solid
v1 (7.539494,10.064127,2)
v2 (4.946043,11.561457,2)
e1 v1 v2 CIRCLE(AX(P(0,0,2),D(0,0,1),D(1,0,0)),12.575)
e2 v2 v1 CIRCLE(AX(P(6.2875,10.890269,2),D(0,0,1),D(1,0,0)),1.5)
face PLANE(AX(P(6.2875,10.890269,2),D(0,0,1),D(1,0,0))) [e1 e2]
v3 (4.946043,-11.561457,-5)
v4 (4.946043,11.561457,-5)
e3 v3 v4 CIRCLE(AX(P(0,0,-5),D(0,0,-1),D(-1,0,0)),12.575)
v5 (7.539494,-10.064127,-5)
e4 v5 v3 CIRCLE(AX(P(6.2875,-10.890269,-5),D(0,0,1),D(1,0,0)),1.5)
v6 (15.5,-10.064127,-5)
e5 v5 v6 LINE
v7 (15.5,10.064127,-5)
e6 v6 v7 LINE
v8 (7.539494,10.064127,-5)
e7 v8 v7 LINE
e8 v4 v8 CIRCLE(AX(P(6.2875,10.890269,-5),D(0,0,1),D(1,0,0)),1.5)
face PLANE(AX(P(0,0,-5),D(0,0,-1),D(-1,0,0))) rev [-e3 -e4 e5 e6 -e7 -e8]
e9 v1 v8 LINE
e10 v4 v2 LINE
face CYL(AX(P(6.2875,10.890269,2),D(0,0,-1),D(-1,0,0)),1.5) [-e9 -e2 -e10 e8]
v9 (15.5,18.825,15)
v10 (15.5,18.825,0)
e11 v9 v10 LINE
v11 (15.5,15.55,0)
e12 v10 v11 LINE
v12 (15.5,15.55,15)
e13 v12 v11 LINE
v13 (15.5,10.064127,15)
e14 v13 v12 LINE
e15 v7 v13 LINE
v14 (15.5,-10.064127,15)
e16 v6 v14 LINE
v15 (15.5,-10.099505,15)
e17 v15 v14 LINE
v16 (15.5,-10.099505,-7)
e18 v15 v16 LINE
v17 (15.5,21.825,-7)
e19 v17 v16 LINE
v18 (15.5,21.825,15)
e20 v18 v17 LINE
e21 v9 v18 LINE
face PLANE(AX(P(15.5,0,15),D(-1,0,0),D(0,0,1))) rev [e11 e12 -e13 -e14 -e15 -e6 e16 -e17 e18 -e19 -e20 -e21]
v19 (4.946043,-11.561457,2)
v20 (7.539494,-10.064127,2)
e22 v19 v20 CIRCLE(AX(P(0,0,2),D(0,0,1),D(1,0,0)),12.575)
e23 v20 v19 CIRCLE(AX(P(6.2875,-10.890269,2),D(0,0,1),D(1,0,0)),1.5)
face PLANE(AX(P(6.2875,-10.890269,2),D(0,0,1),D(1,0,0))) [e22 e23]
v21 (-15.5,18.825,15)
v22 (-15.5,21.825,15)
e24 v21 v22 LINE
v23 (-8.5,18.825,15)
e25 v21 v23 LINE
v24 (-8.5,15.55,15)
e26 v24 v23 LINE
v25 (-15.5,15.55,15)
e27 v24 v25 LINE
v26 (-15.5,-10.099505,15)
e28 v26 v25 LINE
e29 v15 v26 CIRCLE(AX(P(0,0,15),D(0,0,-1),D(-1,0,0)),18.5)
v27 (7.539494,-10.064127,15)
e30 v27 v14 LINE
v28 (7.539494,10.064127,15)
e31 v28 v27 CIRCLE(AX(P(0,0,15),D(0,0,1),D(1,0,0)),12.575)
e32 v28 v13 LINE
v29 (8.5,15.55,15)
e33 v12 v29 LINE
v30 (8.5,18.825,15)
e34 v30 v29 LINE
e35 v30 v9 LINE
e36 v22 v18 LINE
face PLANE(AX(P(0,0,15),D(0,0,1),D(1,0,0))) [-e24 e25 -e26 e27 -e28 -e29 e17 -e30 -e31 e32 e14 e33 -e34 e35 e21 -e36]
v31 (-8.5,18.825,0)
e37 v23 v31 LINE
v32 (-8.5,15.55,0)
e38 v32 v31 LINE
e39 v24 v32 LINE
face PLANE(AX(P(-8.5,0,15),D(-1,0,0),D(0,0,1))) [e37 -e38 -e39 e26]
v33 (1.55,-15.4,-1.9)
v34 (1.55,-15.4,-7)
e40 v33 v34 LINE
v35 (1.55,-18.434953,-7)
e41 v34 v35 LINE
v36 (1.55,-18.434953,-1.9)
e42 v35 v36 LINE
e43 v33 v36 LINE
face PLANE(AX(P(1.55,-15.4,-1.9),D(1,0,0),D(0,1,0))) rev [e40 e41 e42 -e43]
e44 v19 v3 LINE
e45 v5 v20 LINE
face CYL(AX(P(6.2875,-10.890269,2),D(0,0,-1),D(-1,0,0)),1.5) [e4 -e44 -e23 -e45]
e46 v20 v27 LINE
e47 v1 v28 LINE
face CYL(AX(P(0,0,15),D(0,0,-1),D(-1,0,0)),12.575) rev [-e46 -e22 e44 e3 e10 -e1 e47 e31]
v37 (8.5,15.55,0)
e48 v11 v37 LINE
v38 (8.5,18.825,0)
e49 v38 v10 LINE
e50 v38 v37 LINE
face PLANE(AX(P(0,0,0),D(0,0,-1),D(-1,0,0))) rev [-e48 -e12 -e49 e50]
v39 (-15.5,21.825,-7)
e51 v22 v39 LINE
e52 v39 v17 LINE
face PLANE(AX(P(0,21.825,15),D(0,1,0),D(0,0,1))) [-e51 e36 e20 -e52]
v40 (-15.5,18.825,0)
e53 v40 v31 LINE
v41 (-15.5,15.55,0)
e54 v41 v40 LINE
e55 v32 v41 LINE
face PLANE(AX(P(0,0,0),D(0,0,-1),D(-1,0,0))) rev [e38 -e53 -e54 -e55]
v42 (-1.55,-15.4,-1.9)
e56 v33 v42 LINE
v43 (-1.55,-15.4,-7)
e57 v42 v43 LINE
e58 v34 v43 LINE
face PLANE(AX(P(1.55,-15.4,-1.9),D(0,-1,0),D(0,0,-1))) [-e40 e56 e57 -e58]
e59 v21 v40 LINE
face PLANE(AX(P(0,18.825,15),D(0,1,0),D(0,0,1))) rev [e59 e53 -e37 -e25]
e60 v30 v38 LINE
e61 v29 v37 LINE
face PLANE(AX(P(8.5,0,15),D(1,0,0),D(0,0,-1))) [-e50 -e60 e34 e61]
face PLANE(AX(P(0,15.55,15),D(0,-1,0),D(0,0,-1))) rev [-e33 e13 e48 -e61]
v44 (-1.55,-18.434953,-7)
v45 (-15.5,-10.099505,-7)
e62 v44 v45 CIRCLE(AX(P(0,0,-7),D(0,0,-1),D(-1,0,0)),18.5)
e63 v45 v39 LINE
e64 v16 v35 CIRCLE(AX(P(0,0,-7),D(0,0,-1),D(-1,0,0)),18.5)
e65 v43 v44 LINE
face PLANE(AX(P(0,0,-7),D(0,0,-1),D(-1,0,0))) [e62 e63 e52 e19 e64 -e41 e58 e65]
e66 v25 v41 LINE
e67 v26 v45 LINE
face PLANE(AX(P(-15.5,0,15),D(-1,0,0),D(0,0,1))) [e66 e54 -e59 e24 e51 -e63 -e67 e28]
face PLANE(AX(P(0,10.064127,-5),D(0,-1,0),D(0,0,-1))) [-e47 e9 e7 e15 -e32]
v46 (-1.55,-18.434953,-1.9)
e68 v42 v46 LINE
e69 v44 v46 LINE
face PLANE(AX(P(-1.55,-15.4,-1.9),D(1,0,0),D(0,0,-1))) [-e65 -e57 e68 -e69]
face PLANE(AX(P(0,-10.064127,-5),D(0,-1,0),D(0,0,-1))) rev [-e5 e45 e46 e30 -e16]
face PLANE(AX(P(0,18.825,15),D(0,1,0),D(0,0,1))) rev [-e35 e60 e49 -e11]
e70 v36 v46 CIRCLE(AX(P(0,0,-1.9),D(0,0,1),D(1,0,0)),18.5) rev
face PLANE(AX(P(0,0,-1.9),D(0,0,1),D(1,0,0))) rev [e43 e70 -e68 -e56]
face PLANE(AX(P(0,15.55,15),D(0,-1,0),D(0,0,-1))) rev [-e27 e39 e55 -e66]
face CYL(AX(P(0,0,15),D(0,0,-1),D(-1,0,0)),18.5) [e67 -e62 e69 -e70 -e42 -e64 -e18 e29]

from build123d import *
from build123d.topology import SkipClean

# Parameters (mm, degrees)
SKETCH1_R           = 12.575
BOSS_EXTRUDE1_DEPTH = 15
BOSS_EXTRUDE2_START = 7
SKETCH2_R           = 12.575
BOSS_EXTRUDE2_DEPTH = 7
SKETCH3_R           = 12.575
BOSS_EXTRUDE3_DEPTH = 2
BOSS_EXTRUDE4_DEPTH = 22
SKETCH5_W           = 3.1
SKETCH5_H           = 3.1
CUT_EXTRUDE1_DEPTH  = 5.1
SKETCH7_R           = 1.5
BOSS_EXTRUDE5_DEPTH = 7
CUT_EXTRUDE2_START  = -20
CUT_EXTRUDE2_DEPTH  = 20


with BuildPart() as part:
    # Sketch1 → Boss-Extrude1 (new body)
    with BuildSketch(Plane.XY):
        with BuildLine():
            ThreePointArc((-15.5, 0), (0, -15.5), (15.5, 0))
            Line((15.5, 0), (15.5, 15.55))
            Line((15.5, 15.55), (8.5, 15.55))
            Line((8.5, 15.55), (8.5, 18.825))
            Line((8.5, 18.825), (15.5, 18.825))
            Line((15.5, 18.825), (15.5, 21.825))
            Line((15.5, 21.825), (-15.5, 21.825))
            Line((-15.5, 21.825), (-15.5, 18.825))
            Line((-15.5, 18.825), (-8.5, 18.825))
            Line((-8.5, 18.825), (-8.5, 15.55))
            Line((-8.5, 15.55), (-15.5, 15.55))
            Line((-15.5, 15.55), (-15.5, 0))
        make_face()
        Circle(SKETCH1_R, mode=Mode.SUBTRACT)
    extrude(amount=BOSS_EXTRUDE1_DEPTH)

    # Sketch2 → Boss-Extrude2 (add)
    with SkipClean():  # the faces are left unmerged after this step: merging them gives an invalid solid
        with BuildSketch(Plane(origin=(0, 0, 0), x_dir=(-1, 0, 0), z_dir=(0, 0, -1)).offset(BOSS_EXTRUDE2_START)):
            with BuildLine():
                ThreePointArc((-15.5, 0), (0, -15.5), (15.5, 0))
                Line((15.5, 0), (15.5, 21.825))
                Line((15.5, 21.825), (-15.5, 21.825))
                Line((-15.5, 21.825), (-15.5, 0))
            make_face()
            Circle(SKETCH2_R, mode=Mode.SUBTRACT)
        extrude(amount=-BOSS_EXTRUDE2_DEPTH)

    # Sketch3 → Boss-Extrude3 (add)
    with SkipClean():  # the faces are left unmerged after this step: merging them gives an invalid solid
        with BuildSketch(Plane(origin=(0, 0, -7), x_dir=(-1, 0, 0), z_dir=(0, 0, -1))):
            Circle(SKETCH3_R)
        extrude(amount=-BOSS_EXTRUDE3_DEPTH)

    # Sketch4 → Boss-Extrude4 (add)
    with SkipClean():  # the faces are left unmerged after this step: merging them gives an invalid solid
        with BuildSketch(Plane(origin=(0, 0, -7), x_dir=(-1, 0, 0), z_dir=(0, 0, -1))):
            with BuildLine():
                Line((15.5, -10.099504938), (15.5, 0))
                ThreePointArc((15.5, 0), (0, -15.5), (-15.5, 0))
                Line((-15.5, 0), (-15.5, -10.099504938))
                ThreePointArc((-15.5, -10.099504938), (0, -18.5), (15.5, -10.099504938))
            make_face()
        extrude(amount=-BOSS_EXTRUDE4_DEPTH)

    # Sketch5 → Cut-Extrude1 (cut)
    with SkipClean():  # the faces are left unmerged after this step: merging them gives an invalid solid
        with BuildSketch(Plane(origin=(0, 0, -7), x_dir=(-1, 0, 0), z_dir=(0, 0, -1))):
            with Locations((0, -16.95)):
                Rectangle(SKETCH5_W, SKETCH5_H)
        extrude(amount=-CUT_EXTRUDE1_DEPTH, mode=Mode.SUBTRACT)

    # Sketch7 → Boss-Extrude5 (add)
    with SkipClean():  # the faces are left unmerged after this step: merging them gives an invalid solid
        with BuildSketch(Plane.XY.offset(-5)):
            with Locations((6.2875, 10.890269453)):
                Circle(SKETCH7_R)
            with Locations((6.2875, -10.890269453)):
                Circle(SKETCH7_R)
        extrude(amount=BOSS_EXTRUDE5_DEPTH)

    # Sketch6 → Cut-Extrude2 (cut)
    with BuildSketch(Plane.XY.offset(15).offset(CUT_EXTRUDE2_START)):
        with BuildLine():
            ThreePointArc((12.575, 0), (11.245882841, -5.626788082), (7.539493977, -10.064127164))
            Line((7.539493977, -10.064127164), (15.5, -10.064127164))
            Line((15.5, -10.064127164), (15.5, 10.064127164))
            Line((15.5, 10.064127164), (7.539493977, 10.064127164))
            ThreePointArc((7.539493977, 10.064127164), (11.245882841, 5.626788082), (12.575, 0))
        make_face()
    extrude(amount=CUT_EXTRUDE2_DEPTH, mode=Mode.SUBTRACT)


solid = part.part
